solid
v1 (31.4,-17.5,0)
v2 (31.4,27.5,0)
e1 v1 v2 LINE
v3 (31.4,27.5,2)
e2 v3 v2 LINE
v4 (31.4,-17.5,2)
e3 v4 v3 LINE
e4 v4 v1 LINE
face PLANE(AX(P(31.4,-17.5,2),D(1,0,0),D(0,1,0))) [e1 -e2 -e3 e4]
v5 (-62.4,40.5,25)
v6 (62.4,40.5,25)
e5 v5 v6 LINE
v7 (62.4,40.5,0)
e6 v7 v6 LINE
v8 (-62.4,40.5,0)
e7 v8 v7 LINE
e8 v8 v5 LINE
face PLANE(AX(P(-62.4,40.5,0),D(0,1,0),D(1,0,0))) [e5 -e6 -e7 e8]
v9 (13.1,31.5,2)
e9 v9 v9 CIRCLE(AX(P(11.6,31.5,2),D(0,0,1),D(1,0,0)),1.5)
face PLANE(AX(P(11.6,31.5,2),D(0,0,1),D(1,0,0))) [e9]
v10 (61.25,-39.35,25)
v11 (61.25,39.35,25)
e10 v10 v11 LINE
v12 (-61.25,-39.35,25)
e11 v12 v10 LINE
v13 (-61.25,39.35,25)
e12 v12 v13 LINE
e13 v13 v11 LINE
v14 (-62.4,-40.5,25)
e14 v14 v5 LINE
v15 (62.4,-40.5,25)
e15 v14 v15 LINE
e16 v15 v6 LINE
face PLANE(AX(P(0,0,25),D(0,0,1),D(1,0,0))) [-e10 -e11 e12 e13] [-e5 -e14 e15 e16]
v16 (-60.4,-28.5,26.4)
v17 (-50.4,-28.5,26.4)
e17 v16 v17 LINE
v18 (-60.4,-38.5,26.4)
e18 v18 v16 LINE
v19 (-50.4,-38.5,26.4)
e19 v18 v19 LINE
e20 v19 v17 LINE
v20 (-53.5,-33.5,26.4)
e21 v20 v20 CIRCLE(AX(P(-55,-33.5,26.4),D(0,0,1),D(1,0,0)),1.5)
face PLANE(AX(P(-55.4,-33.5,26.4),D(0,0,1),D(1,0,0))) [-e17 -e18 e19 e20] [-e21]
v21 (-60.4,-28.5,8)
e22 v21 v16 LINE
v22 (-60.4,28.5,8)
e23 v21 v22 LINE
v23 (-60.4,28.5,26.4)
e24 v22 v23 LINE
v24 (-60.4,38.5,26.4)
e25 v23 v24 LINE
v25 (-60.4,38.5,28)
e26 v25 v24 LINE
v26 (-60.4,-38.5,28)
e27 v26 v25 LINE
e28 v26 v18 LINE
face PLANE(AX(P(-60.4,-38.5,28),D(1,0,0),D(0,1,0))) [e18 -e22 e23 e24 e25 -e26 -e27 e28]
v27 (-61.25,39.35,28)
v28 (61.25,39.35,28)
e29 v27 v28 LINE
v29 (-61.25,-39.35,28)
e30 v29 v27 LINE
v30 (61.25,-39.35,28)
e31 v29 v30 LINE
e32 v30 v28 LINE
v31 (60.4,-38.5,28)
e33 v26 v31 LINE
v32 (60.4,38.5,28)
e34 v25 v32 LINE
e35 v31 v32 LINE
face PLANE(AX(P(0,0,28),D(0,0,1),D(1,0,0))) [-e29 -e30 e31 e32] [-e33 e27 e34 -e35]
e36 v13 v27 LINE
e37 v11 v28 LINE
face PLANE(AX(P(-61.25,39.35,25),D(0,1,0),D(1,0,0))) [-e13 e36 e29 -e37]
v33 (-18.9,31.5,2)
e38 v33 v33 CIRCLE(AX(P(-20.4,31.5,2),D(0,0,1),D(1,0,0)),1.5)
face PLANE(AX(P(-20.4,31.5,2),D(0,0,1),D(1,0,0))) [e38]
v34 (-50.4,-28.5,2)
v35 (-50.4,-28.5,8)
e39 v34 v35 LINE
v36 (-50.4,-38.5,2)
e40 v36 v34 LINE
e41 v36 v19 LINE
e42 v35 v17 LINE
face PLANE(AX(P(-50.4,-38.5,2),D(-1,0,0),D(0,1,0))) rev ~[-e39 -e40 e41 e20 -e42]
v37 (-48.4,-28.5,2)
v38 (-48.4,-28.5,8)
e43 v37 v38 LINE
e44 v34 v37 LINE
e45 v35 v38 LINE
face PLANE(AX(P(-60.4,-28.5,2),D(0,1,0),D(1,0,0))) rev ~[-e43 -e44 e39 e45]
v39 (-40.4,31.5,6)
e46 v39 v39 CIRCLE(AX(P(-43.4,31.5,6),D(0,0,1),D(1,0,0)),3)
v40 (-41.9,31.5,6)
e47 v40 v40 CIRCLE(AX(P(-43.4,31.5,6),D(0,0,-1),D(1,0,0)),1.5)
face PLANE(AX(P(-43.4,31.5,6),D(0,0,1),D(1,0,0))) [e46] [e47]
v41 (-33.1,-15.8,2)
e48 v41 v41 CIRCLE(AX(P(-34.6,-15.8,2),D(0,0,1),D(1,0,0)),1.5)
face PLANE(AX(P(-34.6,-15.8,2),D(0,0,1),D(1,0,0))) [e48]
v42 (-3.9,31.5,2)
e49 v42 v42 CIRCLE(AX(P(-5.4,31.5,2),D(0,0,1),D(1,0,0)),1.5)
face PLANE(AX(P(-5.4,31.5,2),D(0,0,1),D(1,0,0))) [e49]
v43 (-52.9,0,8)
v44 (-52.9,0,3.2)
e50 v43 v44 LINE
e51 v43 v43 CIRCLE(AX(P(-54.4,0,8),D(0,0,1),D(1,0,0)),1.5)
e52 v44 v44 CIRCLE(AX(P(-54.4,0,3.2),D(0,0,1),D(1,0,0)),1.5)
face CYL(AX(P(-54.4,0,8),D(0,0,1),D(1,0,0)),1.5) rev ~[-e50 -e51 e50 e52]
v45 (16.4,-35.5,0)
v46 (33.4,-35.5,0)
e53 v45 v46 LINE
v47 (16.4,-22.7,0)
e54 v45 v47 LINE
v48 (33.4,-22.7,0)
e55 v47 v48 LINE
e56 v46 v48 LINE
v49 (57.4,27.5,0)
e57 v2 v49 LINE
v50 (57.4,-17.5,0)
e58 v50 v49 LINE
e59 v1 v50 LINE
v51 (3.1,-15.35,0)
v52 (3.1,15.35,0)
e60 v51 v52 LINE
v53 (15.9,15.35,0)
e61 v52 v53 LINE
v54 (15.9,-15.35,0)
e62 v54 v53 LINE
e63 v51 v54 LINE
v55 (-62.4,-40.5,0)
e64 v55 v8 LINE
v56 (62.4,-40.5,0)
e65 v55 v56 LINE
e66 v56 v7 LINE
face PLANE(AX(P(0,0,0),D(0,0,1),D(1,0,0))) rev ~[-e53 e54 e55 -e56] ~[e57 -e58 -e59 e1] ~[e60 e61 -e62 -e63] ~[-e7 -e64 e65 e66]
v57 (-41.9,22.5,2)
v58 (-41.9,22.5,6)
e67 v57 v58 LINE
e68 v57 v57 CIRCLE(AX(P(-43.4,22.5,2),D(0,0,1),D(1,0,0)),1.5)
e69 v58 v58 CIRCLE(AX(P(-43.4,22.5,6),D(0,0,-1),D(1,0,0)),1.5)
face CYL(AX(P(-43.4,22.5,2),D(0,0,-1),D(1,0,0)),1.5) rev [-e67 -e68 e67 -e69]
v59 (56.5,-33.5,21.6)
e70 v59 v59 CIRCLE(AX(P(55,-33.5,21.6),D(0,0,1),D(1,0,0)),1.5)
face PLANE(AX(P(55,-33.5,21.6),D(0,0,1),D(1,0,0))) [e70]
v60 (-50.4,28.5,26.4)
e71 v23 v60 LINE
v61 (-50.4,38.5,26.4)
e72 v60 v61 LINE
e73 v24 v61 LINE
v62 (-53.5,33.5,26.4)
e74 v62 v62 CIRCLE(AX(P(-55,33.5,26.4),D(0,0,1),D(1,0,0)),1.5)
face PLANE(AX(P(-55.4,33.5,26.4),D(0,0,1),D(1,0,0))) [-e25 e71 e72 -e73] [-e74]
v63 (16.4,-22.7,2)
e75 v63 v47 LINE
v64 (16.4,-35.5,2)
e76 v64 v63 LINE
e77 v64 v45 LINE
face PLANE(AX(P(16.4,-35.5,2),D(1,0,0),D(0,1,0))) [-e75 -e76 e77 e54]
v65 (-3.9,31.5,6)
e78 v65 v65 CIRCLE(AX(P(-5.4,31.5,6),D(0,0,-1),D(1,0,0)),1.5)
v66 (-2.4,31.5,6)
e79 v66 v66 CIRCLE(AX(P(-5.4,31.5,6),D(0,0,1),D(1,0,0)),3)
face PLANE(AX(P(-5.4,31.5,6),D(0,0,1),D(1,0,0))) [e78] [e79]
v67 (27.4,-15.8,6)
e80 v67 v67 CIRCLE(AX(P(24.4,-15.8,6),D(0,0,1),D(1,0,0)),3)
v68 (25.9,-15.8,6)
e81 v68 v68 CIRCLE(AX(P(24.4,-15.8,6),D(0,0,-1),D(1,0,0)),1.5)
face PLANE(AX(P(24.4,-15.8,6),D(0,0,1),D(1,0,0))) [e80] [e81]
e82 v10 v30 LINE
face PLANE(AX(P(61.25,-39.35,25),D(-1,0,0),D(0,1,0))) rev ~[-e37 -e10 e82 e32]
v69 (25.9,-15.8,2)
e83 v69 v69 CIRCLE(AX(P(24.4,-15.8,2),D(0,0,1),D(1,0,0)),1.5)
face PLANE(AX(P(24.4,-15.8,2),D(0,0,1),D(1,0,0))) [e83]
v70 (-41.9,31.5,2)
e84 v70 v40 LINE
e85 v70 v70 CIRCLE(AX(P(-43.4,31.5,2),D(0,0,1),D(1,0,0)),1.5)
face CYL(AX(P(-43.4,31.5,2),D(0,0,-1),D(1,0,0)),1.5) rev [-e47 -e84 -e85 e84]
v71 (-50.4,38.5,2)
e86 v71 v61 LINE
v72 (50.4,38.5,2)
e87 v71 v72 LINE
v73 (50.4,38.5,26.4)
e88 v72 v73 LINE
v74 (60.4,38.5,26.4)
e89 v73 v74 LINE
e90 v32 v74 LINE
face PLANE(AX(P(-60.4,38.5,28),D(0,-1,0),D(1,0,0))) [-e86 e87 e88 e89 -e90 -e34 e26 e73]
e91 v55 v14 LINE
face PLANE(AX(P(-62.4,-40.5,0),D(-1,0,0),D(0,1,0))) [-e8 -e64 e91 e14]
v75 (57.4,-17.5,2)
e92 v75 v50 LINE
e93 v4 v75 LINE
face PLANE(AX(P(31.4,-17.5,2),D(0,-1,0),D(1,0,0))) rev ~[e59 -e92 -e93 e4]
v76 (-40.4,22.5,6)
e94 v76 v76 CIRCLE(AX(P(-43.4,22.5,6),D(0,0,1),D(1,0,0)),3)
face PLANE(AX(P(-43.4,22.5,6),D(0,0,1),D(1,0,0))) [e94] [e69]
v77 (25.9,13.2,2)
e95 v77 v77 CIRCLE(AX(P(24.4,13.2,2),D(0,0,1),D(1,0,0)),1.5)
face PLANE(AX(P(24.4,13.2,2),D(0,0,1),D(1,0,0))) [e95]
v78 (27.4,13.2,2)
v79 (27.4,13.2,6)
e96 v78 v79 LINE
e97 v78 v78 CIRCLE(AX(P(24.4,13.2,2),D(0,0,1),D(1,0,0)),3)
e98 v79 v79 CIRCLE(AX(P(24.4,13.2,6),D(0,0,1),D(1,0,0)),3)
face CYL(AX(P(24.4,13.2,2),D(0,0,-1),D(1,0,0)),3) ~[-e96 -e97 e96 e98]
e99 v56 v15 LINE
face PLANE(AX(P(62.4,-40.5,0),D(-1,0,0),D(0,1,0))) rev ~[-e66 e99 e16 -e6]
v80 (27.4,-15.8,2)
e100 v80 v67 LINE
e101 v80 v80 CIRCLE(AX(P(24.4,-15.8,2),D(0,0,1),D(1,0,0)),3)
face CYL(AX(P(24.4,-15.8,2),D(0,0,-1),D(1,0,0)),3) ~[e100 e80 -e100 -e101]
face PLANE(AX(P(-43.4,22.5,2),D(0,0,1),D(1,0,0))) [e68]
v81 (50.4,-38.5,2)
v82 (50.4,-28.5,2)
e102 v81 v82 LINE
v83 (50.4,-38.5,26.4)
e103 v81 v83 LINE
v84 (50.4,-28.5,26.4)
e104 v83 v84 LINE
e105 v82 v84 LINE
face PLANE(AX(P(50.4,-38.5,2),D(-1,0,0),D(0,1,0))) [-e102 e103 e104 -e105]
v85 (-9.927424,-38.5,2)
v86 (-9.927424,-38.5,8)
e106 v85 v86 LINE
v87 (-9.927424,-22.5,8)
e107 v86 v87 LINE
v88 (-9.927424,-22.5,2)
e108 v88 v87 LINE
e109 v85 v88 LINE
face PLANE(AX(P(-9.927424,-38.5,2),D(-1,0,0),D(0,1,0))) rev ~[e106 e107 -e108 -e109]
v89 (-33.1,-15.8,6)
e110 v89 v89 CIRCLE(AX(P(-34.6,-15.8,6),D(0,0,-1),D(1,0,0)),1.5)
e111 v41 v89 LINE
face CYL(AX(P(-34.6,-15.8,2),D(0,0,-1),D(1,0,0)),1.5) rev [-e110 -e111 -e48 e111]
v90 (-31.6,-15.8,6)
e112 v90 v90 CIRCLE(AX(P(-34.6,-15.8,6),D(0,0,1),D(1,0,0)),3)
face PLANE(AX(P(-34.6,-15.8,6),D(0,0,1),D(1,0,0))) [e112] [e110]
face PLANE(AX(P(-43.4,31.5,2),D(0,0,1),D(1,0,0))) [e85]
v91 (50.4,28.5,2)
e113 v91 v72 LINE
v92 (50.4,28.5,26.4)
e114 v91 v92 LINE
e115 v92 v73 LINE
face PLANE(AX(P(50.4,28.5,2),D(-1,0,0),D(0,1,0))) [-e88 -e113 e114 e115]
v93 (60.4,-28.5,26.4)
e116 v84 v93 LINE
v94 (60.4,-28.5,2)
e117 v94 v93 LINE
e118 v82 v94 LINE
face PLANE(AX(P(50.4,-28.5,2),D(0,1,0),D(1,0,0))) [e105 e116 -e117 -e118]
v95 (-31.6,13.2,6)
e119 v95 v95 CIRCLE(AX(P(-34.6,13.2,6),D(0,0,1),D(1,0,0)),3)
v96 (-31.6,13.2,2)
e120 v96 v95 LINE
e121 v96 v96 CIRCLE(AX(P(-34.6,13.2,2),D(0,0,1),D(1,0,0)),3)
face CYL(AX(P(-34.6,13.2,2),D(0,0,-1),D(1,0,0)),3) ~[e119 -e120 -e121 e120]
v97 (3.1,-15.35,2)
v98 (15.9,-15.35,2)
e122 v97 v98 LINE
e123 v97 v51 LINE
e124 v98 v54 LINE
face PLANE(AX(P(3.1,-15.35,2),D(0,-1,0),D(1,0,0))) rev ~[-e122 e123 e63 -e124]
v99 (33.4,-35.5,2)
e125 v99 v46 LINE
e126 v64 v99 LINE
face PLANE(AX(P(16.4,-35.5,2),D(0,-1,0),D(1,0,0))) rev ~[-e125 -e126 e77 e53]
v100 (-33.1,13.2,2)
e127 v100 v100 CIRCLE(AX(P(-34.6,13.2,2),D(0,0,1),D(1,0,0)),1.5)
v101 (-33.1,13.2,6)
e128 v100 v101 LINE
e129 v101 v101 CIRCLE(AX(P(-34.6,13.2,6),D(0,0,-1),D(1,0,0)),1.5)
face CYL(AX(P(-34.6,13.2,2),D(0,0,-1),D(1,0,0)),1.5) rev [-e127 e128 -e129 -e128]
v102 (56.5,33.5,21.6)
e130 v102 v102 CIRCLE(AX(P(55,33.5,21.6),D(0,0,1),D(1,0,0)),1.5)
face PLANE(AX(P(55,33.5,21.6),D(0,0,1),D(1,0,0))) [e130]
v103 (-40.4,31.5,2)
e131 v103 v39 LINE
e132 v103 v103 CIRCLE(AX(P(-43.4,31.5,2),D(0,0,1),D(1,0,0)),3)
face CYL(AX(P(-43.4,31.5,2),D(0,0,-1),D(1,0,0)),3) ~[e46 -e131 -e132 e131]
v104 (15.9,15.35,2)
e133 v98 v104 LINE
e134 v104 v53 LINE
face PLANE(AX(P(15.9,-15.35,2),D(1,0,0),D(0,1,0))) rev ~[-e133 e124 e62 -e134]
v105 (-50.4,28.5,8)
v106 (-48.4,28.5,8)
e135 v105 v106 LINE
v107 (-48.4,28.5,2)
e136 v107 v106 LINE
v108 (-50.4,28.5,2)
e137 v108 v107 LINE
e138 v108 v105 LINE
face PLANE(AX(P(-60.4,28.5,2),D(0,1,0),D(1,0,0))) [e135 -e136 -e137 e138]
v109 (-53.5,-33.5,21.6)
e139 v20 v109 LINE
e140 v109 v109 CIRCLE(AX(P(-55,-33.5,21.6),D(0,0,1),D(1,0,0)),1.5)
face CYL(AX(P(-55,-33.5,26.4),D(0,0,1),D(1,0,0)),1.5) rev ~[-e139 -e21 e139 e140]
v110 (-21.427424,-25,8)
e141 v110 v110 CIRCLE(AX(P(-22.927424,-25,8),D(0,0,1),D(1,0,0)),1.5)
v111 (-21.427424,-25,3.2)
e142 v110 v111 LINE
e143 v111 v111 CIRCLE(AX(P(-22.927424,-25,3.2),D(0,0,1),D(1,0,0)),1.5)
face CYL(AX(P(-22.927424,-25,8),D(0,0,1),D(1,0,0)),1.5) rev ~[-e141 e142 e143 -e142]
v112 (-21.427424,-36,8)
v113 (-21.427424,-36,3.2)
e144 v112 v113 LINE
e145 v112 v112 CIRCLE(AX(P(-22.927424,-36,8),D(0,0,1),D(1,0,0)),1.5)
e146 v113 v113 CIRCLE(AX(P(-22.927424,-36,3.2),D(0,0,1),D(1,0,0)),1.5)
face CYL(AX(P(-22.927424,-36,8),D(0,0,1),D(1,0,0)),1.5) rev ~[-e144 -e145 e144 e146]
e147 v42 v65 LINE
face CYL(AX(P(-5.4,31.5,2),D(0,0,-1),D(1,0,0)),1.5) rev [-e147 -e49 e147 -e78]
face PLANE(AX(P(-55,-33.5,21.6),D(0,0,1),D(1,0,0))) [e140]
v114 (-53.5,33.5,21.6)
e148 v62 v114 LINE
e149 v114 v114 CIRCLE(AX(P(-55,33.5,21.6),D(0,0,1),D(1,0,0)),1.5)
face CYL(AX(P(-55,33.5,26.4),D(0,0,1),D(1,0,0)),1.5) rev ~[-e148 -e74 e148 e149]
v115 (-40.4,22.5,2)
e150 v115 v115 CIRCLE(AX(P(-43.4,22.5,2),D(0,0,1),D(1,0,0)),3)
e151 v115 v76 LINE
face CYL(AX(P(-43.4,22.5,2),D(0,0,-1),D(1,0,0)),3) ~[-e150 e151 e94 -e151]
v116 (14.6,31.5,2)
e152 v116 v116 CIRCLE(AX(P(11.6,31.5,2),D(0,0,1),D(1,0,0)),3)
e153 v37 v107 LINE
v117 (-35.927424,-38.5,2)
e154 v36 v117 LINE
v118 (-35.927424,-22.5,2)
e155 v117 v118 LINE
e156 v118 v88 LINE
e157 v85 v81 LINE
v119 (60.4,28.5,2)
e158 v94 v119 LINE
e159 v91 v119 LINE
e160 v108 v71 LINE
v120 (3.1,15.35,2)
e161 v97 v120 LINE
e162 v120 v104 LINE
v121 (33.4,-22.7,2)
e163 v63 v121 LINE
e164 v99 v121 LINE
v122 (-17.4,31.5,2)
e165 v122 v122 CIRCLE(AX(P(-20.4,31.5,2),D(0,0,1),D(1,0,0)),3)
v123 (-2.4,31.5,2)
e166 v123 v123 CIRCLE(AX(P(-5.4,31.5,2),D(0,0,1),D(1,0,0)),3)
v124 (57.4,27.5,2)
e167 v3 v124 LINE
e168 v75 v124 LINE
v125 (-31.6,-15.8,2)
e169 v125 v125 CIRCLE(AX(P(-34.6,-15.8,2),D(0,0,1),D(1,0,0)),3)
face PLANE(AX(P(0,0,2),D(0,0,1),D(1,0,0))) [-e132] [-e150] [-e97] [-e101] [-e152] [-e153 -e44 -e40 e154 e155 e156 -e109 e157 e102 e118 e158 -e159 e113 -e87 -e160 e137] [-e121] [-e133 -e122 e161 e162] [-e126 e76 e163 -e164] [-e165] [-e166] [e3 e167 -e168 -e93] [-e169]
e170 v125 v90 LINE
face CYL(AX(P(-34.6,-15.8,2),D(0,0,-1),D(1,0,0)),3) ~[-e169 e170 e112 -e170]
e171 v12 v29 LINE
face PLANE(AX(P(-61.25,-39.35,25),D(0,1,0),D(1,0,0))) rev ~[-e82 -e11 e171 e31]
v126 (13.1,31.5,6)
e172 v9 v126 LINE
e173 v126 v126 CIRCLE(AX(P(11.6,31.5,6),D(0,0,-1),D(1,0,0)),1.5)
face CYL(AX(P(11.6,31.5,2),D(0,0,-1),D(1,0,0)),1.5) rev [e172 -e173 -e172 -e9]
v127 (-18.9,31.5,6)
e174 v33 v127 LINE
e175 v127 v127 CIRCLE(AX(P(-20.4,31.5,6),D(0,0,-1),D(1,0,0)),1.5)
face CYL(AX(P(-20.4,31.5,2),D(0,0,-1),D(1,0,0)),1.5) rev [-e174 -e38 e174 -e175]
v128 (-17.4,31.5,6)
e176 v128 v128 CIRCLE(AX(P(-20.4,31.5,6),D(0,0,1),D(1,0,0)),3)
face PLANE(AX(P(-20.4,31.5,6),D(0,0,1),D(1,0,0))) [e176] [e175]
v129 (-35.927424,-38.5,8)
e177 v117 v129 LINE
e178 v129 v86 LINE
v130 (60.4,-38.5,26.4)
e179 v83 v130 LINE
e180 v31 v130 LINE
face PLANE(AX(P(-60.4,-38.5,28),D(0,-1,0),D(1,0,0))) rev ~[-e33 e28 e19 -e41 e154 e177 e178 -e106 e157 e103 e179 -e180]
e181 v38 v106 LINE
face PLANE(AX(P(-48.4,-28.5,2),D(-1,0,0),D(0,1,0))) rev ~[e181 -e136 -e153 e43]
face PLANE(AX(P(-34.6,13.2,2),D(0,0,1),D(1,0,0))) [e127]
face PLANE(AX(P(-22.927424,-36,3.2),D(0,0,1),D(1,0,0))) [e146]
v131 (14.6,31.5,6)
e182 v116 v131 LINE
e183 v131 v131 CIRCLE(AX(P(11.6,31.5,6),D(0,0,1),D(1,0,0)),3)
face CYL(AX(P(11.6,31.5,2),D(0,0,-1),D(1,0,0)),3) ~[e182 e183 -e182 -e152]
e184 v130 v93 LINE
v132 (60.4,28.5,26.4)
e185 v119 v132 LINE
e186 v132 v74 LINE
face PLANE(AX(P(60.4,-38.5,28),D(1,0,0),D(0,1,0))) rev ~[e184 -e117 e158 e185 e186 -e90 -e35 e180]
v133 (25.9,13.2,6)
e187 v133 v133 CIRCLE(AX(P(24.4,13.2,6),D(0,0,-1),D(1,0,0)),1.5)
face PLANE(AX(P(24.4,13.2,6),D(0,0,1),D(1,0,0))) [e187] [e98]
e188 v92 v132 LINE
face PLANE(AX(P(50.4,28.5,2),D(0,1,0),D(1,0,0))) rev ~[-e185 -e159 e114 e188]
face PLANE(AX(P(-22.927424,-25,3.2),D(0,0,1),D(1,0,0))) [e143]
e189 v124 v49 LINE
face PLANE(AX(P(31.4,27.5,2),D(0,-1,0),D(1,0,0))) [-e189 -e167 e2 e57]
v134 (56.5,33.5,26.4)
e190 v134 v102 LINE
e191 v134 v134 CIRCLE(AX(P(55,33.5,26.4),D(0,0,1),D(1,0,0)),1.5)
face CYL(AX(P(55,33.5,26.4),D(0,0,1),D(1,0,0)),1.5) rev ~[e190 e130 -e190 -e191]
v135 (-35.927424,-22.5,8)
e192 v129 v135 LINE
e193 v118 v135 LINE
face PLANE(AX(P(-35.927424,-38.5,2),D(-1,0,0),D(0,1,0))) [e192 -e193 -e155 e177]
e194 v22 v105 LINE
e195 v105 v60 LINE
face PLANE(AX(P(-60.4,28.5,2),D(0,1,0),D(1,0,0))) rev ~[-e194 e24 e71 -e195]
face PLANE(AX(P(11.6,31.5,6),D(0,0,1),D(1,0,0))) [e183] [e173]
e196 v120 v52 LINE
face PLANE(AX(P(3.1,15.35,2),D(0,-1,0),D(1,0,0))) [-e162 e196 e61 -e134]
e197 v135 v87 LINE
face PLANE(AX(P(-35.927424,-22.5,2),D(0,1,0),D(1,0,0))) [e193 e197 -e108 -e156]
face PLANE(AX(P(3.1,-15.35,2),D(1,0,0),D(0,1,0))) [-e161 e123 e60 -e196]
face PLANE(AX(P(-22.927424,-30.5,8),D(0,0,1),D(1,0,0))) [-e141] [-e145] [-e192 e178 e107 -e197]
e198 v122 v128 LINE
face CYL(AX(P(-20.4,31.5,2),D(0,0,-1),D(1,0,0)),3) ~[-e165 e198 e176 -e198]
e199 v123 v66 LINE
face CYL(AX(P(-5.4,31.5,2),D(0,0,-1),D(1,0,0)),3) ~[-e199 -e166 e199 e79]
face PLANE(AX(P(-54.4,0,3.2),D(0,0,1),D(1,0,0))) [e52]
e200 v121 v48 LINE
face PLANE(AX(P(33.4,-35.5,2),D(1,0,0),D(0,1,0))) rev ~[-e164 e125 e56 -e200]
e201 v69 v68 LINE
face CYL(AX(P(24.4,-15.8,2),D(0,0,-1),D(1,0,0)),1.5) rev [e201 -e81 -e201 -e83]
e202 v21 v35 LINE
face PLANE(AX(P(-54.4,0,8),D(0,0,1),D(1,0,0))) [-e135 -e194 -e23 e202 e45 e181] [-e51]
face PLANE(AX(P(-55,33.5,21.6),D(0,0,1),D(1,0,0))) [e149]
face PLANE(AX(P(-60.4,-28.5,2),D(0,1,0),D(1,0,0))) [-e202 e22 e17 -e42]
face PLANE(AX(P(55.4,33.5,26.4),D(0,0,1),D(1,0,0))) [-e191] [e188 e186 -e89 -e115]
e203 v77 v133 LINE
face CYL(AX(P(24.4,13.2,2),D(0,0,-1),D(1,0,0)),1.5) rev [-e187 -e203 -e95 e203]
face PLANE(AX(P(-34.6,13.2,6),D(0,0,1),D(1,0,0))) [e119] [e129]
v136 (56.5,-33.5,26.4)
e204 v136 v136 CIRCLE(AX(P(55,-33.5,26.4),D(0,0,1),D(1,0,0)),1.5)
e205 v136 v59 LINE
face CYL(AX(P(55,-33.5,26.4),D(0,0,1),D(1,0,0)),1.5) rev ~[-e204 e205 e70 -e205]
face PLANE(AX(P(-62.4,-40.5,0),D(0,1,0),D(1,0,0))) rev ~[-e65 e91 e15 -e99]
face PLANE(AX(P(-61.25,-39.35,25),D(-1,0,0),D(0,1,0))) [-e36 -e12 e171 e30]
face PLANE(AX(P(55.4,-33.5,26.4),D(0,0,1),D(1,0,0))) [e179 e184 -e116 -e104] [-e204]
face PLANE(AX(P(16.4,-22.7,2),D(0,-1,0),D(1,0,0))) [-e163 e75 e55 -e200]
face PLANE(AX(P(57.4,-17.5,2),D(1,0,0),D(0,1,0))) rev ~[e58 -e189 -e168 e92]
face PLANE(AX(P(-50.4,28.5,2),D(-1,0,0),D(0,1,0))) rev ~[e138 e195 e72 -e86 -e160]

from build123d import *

# Parameters (mm, degrees)
F0_W      = 124.8
F0_H      = 81
F1_DEPTH  = 25
F2_W      = 122.5
F2_H      = 78.7
F3_DEPTH  = 3
F4_W      = 120.8
F4_H      = 77
F5_DEPTH  = 26
F6_W      = 10
F6_H      = 10
F7_DEPTH  = 24.4
F8_R      = 1.5
F9_DEPTH  = 4.8
F10_W     = 26
F10_H     = 45
F10_W_2   = 17
F10_H_2   = 12.8
F10_W_3   = 12.8
F10_H_3   = 30.7
F11_DEPTH = 2.001
F12_R     = 3
F13_DEPTH = 4
F14_R     = 1.5
F15_DEPTH = 4.8
F16_W     = 12
F16_H     = 57
F17_DEPTH = 6
F18_R     = 1.5
F19_DEPTH = 4.8
F20_W     = 26
F20_H     = 16
F21_DEPTH = 6
F22_R     = 1.5
F23_DEPTH = 4.8


with BuildPart() as f1:
    # F0 (on Top) → F1 (new body)
    with BuildSketch(Plane.XY):
        Rectangle(F0_W, F0_H)
    extrude(amount=F1_DEPTH)

    # F2 (on face) → F3 (join)
    with BuildSketch(Plane.XY.offset(25)):
        Rectangle(F2_W, F2_H)
    extrude(amount=F3_DEPTH)

    # F4 (on face) → F5 (cut)
    with BuildSketch(Plane.XY.offset(28)):
        Rectangle(F4_W, F4_H)
    extrude(amount=-F5_DEPTH, mode=Mode.SUBTRACT)

    # F6 (on face) → F7 (join)
    with BuildSketch(Plane.XY.offset(2)):
        with Locations((-55.4, 33.5)):
            Rectangle(F6_W, F6_H)
        with Locations((-55.4, -33.5)):
            Rectangle(F6_W, F6_H)
        with Locations((55.4, -33.5)):
            Rectangle(F6_W, F6_H)
        with Locations((55.4, 33.5)):
            Rectangle(F6_W, F6_H)
    extrude(amount=F7_DEPTH)

    # F8 (on face) → F9 (cut)
    with BuildSketch(Plane.XY.offset(26.4)):
        with Locations((-55, 33.5)):
            Circle(F8_R)
        with Locations((-55, -33.5)):
            Circle(F8_R)
        with Locations((55, -33.5)):
            Circle(F8_R)
        with Locations((55, 33.5)):
            Circle(F8_R)
    extrude(amount=-F9_DEPTH, mode=Mode.SUBTRACT)

    # F10 (on face) → F11 (cut, through all)
    with BuildSketch(Plane.XY.offset(2)):
        with Locations((44.4, 5)):
            Rectangle(F10_W, F10_H)
        with Locations((24.9, -29.1)):
            Rectangle(F10_W_2, F10_H_2)
        with Locations((9.5, 0)):
            Rectangle(F10_W_3, F10_H_3)
    extrude(amount=-F11_DEPTH, mode=Mode.SUBTRACT)

    # F12 (on face) → F13 (join)
    with BuildSketch(Plane.XY.offset(2)):
        with Locations((24.4, 13.2)):
            Circle(F12_R)
        with Locations((-34.6, 13.2)):
            Circle(F12_R)
        with Locations((-34.6, -15.8)):
            Circle(F12_R)
        with Locations((24.4, -15.8)):
            Circle(F12_R)
        with Locations((-43.4, 31.5)):
            Circle(F12_R)
        with Locations((-43.4, 22.5)):
            Circle(F12_R)
        with Locations((-20.4, 31.5)):
            Circle(F12_R)
        with Locations((-5.4, 31.5)):
            Circle(F12_R)
        with Locations((11.6, 31.5)):
            Circle(F12_R)
    extrude(amount=F13_DEPTH)

    # F14 (on face) → F15 (cut)
    with BuildSketch(Plane.XY.offset(2)):
        with Locations((-34.6, -15.8)):
            Circle(F14_R)
        with Locations((24.4, -15.8)):
            Circle(F14_R)
        with Locations((-34.6, 13.2)):
            Circle(F14_R)
        with Locations((24.4, 13.2)):
            Circle(F14_R)
        with Locations((11.6, 31.5)):
            Circle(F14_R)
        with Locations((-5.4, 31.5)):
            Circle(F14_R)
        with Locations((-20.4, 31.5)):
            Circle(F14_R)
        with Locations((-43.4, 22.5)):
            Circle(F14_R)
        with Locations((-43.4, 31.5)):
            Circle(F14_R)
    extrude(amount=F15_DEPTH, mode=Mode.SUBTRACT)

    # F16 (on face) → F17 (join)
    with BuildSketch(Plane.XY.offset(2)):
        with Locations((-54.4, 0)):
            Rectangle(F16_W, F16_H)
    extrude(amount=F17_DEPTH)

    # F18 (on face) → F19 (cut)
    with BuildSketch(Plane.XY.offset(8)):
        with Locations((-54.4, 0)):
            Circle(F18_R)
    extrude(amount=-F19_DEPTH, mode=Mode.SUBTRACT)

    # F20 (on face) → F21 (join)
    with BuildSketch(Plane.XY.offset(2)):
        with Locations((-22.927424, -30.5)):
            Rectangle(F20_W, F20_H)
    extrude(amount=F21_DEPTH)

    # F22 (on face) → F23 (cut)
    with BuildSketch(Plane.XY.offset(8)):
        with Locations((-22.927424, -25)):
            Circle(F22_R)
        with Locations((-22.927424, -36)):
            Circle(F22_R)
    extrude(amount=-F23_DEPTH, mode=Mode.SUBTRACT)


solid = f1.part
